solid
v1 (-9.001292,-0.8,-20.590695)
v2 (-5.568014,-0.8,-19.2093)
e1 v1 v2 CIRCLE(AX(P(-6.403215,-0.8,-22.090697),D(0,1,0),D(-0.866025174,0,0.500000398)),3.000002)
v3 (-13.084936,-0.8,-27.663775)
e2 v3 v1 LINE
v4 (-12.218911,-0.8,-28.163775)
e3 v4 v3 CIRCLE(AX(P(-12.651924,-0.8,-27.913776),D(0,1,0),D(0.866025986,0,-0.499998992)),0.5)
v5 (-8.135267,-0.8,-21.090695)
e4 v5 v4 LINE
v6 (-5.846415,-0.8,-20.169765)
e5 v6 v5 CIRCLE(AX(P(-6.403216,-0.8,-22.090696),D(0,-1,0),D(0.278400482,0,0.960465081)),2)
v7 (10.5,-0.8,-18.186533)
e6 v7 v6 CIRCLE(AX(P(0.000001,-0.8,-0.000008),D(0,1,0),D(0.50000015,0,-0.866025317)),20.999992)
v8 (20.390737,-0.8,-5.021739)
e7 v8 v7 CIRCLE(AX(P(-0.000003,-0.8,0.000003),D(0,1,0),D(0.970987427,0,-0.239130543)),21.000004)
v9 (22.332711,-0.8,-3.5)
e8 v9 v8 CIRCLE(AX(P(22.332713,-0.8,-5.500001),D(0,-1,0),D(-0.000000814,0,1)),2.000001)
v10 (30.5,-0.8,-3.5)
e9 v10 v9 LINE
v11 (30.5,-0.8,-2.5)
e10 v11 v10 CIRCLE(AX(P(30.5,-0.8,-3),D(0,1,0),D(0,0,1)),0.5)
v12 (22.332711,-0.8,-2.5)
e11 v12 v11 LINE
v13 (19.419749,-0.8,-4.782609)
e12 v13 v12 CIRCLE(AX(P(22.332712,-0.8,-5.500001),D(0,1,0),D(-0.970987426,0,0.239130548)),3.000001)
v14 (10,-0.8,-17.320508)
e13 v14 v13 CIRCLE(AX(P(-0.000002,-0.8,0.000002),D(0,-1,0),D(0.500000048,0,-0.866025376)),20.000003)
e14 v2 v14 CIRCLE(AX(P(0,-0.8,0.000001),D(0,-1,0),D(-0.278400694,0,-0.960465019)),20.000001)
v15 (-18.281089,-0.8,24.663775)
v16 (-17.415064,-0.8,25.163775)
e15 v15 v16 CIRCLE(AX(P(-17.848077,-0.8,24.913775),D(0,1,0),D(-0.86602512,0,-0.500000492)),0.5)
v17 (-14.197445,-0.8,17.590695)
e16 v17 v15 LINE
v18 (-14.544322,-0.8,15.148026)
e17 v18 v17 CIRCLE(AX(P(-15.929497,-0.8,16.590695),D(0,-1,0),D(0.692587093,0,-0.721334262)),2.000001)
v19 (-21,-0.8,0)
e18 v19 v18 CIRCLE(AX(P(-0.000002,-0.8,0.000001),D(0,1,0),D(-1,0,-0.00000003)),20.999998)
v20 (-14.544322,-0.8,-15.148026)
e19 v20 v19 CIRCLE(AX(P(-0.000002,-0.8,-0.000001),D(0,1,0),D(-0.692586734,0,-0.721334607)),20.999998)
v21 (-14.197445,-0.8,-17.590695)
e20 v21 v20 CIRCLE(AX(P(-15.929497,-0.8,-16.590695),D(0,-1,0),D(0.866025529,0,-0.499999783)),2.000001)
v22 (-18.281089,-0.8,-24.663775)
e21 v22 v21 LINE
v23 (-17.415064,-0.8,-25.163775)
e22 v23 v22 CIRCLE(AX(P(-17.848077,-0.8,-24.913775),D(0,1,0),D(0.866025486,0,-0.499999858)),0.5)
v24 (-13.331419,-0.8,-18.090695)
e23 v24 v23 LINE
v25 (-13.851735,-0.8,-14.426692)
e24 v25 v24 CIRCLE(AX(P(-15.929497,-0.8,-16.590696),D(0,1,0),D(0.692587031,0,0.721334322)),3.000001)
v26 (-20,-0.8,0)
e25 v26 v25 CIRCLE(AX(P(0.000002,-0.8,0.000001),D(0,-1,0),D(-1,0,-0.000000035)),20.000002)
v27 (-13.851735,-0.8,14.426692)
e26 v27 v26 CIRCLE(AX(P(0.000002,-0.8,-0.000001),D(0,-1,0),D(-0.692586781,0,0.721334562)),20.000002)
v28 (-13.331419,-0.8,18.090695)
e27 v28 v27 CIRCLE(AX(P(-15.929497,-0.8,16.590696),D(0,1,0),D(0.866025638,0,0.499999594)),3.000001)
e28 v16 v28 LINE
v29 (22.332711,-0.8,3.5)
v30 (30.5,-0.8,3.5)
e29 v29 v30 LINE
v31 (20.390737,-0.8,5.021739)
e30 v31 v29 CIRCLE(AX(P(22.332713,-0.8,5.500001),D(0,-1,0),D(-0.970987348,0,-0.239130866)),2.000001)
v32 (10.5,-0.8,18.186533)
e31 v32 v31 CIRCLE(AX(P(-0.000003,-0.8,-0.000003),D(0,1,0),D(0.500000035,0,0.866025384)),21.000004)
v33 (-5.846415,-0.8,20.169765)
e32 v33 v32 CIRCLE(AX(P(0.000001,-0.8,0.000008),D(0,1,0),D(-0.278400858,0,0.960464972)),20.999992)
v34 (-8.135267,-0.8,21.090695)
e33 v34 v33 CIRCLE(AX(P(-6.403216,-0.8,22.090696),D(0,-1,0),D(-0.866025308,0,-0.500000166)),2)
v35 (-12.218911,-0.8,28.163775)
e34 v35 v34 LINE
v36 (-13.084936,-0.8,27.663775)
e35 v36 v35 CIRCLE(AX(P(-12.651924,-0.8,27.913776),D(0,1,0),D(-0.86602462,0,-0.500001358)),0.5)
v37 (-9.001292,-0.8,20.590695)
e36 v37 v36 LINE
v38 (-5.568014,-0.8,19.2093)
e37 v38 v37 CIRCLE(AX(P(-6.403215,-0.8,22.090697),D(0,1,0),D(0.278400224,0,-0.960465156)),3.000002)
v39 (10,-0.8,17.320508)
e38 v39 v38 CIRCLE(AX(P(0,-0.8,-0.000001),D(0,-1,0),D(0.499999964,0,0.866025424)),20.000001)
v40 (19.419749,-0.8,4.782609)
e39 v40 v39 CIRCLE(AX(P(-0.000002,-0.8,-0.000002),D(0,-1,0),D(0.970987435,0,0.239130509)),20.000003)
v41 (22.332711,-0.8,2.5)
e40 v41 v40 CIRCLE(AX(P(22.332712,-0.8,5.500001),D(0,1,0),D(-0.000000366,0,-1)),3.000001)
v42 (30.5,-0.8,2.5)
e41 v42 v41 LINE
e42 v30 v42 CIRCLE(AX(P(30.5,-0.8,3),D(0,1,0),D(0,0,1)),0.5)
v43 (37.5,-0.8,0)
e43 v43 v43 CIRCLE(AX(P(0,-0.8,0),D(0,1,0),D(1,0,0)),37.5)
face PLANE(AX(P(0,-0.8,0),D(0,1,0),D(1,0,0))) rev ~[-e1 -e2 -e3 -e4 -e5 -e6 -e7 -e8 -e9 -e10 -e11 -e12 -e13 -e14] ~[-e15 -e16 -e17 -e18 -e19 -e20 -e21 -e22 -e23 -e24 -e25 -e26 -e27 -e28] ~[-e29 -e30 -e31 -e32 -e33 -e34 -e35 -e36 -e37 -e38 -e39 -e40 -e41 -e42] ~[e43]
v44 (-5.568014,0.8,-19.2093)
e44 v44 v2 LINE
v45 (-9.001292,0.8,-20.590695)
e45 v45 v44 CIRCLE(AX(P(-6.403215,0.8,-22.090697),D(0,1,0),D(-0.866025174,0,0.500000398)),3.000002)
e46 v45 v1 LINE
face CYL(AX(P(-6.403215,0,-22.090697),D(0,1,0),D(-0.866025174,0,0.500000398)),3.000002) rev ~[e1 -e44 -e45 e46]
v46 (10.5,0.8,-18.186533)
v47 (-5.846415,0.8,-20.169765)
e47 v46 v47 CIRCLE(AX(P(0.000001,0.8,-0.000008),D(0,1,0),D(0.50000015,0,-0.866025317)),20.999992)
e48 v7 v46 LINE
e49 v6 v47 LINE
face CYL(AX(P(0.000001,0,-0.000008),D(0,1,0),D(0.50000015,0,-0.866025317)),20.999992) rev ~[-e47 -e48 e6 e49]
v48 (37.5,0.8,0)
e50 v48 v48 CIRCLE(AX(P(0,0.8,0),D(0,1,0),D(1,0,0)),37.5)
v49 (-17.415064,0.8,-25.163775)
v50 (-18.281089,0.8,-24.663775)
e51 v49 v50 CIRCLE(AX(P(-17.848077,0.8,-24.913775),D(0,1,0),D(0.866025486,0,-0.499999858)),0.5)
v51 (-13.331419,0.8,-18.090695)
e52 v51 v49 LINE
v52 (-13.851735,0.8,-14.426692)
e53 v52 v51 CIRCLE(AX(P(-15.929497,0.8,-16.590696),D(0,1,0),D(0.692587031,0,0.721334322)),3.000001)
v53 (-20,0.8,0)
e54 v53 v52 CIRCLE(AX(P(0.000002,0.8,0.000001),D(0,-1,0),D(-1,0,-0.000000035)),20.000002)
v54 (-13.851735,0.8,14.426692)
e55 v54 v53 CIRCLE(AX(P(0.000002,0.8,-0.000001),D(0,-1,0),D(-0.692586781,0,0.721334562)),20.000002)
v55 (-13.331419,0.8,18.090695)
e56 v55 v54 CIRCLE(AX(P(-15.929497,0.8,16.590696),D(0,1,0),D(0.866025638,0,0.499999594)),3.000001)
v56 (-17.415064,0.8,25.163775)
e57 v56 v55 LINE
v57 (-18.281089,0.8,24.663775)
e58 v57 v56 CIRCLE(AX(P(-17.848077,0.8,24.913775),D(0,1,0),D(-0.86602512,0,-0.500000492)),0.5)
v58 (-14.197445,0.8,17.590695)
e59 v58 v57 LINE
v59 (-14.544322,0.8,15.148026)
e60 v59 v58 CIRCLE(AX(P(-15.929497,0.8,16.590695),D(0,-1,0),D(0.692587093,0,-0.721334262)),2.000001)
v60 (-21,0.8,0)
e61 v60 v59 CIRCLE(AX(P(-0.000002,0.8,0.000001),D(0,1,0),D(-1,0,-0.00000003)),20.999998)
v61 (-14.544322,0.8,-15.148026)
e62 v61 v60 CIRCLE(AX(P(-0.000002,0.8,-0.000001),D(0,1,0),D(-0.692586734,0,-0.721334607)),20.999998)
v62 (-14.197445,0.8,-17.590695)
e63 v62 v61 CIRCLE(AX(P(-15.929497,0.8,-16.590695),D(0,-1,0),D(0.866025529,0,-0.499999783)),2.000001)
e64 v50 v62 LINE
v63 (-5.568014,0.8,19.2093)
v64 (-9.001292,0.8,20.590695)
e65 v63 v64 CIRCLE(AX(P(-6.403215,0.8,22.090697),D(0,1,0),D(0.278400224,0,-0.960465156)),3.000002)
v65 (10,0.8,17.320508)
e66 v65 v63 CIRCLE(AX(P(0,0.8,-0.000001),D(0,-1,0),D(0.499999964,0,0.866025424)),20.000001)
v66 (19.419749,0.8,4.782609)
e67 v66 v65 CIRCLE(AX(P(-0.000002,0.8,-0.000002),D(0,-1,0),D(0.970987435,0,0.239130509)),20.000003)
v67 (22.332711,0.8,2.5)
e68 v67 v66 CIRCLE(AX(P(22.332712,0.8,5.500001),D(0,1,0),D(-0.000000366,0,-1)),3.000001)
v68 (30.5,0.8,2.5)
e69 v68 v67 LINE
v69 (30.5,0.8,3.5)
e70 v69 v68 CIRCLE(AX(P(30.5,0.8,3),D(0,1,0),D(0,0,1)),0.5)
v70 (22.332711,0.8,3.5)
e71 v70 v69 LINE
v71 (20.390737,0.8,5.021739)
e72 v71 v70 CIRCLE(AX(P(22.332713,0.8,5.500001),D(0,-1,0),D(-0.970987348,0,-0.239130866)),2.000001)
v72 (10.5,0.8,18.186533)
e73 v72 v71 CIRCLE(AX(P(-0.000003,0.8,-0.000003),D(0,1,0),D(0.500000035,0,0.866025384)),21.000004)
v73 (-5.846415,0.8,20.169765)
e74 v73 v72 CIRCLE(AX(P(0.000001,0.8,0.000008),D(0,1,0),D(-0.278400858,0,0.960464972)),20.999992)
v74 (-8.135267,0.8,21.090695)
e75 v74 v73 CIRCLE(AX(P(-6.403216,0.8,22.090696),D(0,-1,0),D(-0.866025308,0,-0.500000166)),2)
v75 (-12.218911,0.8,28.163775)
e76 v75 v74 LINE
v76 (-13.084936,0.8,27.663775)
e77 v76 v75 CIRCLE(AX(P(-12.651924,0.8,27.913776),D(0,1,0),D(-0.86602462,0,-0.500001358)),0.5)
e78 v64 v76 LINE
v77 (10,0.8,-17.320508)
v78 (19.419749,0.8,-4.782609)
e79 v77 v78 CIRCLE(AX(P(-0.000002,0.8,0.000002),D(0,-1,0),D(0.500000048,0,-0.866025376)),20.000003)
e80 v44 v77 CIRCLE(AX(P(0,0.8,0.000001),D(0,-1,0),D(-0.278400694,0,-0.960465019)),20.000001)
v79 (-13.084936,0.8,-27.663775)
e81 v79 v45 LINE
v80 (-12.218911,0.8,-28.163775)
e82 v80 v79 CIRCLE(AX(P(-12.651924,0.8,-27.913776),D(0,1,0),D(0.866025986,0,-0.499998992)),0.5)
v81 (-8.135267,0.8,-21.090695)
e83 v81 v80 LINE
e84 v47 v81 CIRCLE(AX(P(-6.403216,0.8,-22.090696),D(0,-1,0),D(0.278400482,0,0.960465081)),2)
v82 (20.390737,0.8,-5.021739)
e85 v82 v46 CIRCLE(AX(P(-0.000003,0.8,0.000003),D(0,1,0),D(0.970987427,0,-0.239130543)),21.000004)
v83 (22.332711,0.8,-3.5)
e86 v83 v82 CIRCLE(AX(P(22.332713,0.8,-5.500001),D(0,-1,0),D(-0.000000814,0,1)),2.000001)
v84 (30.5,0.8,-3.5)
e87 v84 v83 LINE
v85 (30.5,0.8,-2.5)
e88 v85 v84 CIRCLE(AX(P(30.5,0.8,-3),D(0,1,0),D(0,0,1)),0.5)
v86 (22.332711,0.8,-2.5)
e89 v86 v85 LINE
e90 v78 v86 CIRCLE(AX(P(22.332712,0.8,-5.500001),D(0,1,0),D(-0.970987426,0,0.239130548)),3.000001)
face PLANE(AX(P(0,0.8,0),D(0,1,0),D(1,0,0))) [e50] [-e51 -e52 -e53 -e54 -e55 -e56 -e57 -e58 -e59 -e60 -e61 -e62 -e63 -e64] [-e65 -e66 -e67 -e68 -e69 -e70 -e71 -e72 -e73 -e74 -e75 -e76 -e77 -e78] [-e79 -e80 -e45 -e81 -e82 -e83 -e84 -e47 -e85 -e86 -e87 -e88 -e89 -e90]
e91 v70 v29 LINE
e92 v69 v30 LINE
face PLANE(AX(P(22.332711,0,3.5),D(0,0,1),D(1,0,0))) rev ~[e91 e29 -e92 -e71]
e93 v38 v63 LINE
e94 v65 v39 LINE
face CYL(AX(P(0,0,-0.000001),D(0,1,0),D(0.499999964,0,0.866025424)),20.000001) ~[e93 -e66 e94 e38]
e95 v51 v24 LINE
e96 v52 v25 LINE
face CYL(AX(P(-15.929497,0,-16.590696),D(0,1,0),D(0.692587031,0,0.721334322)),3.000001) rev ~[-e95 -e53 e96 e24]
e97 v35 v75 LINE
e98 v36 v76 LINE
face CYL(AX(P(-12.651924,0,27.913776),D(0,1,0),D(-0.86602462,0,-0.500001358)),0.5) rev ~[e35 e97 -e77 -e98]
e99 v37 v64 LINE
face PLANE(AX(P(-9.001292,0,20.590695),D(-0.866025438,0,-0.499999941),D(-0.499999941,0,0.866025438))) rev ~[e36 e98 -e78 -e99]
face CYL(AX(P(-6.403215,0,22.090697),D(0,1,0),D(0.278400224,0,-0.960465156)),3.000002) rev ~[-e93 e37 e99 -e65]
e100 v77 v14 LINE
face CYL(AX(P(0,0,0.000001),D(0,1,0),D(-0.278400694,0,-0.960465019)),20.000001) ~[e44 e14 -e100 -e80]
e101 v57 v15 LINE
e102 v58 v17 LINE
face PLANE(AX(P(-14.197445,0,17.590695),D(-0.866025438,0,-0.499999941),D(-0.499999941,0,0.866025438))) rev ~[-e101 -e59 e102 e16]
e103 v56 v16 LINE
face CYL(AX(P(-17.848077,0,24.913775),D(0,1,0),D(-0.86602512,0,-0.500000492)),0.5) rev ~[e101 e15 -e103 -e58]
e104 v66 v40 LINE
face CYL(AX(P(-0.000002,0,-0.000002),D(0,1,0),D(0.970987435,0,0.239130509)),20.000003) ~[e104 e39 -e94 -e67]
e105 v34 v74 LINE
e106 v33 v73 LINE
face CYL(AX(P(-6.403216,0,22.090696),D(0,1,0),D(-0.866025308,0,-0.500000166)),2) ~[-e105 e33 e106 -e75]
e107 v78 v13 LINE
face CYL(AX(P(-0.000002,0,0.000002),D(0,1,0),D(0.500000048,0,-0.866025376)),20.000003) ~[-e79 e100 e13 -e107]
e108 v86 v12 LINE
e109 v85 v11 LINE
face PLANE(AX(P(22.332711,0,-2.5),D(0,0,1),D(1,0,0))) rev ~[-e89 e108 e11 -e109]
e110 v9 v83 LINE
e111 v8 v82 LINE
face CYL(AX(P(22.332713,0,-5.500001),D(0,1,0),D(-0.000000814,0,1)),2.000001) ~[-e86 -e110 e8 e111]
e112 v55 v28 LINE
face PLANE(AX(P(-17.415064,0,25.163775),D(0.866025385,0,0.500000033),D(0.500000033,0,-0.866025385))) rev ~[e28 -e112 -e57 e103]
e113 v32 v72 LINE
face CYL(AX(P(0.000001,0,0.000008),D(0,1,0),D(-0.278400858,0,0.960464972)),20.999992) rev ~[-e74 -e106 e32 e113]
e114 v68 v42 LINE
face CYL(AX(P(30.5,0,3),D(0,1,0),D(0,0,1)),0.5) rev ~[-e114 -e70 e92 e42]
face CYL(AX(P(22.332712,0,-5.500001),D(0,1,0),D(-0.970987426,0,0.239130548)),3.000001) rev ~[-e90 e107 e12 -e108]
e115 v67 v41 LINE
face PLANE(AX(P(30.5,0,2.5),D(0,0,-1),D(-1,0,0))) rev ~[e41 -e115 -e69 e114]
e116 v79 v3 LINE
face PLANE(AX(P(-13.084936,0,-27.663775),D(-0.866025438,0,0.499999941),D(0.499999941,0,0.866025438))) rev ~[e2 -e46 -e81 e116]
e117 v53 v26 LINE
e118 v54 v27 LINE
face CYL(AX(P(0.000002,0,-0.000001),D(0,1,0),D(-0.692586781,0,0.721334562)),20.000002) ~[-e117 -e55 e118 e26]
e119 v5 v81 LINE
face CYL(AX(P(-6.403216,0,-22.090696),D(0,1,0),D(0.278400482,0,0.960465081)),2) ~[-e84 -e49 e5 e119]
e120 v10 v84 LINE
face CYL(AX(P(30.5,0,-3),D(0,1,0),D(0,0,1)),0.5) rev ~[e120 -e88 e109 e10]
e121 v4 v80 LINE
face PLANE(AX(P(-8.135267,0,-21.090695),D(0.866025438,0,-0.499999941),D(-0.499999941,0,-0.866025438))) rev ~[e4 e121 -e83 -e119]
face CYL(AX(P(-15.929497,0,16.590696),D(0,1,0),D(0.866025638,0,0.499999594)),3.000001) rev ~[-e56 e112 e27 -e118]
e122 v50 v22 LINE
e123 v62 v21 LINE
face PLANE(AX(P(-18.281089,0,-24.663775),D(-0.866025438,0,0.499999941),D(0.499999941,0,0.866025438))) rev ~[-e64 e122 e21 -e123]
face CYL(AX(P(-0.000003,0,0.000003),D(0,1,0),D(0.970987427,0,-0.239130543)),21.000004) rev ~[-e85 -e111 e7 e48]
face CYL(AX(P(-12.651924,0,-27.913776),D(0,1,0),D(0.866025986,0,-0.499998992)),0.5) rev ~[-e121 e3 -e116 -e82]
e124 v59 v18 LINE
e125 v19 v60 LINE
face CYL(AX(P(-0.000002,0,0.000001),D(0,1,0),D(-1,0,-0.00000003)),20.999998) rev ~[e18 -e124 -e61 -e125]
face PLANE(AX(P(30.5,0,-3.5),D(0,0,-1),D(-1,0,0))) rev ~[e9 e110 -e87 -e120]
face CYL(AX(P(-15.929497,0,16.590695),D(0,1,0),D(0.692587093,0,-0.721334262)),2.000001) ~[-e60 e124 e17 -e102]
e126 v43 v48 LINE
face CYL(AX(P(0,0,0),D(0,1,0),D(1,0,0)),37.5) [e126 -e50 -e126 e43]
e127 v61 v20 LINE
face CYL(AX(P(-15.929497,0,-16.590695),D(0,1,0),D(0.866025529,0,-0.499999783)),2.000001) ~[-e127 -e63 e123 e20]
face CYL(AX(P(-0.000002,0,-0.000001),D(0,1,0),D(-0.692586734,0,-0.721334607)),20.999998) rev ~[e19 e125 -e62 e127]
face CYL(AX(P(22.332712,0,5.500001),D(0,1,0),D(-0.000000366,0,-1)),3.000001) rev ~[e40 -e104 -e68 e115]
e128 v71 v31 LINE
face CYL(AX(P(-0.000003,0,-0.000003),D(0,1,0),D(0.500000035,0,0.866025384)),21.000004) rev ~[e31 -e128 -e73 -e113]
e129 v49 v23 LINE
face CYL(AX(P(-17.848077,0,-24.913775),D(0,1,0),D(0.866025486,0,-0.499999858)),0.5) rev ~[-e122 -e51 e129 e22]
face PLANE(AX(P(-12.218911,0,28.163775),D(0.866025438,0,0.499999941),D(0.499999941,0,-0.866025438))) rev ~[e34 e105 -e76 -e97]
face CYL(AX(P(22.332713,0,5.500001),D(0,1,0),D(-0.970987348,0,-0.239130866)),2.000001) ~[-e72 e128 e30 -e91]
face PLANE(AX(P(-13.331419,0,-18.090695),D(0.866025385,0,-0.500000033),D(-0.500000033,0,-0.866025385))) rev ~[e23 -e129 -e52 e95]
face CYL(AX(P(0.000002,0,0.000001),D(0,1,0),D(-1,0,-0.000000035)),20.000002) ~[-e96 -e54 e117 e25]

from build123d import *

# Parameters (mm, degrees)
SKETCH1_R           = 37.5
BOSS_EXTRUDE1_DEPTH = 0.8


with BuildPart() as part:
    # Sketch1 → Boss-Extrude1 (new body, symmetric)
    with BuildSketch(Plane(origin=(0, 0, 0), x_dir=(1, 0, 0), z_dir=(0, 1, 0))):
        Circle(SKETCH1_R)
        with BuildLine():
            ThreePointArc((-12.218911, 28.163775), (-12.901924, 28.346788), (-13.084936, 27.663775))
            Line((-13.084936, 27.663775), (-9.001292, 20.590695))
            ThreePointArc((-9.001292, 20.590695), (-7.523035, 19.307531), (-5.568014, 19.2093))
            ThreePointArc((-5.568014, 19.2093), (2.40884, 19.854407), (10, 17.320508))
            ThreePointArc((10, 17.320508), (15.990001, 12.01332), (19.419749, 4.782609))
            ThreePointArc((19.419749, 4.782609), (20.48233, 3.138626), (22.332711, 2.5))
            Line((22.332711, 2.5), (30.5, 2.5))
            ThreePointArc((30.5, 2.5), (31, 3), (30.5, 3.5))
            Line((30.5, 3.5), (22.332711, 3.5))
            ThreePointArc((22.332711, 3.5), (21.099124, 3.925751), (20.390737, 5.021739))
            ThreePointArc((20.390737, 5.021739), (16.789501, 12.613986), (10.5, 18.186533))
            ThreePointArc((10.5, 18.186533), (2.529282, 20.847128), (-5.846415, 20.169765))
            ThreePointArc((-5.846415, 20.169765), (-7.149762, 20.235252), (-8.135267, 21.090695))
            Line((-8.135267, 21.090695), (-12.218911, 28.163775))
        make_face(mode=Mode.SUBTRACT)
        with BuildLine():
            ThreePointArc((10.5, -18.186533), (16.789501, -12.613986), (20.390737, -5.021739))
            ThreePointArc((20.390737, -5.021739), (21.099124, -3.925751), (22.332711, -3.5))
            Line((22.332711, -3.5), (30.5, -3.5))
            ThreePointArc((30.5, -3.5), (31, -3), (30.5, -2.5))
            Line((30.5, -2.5), (22.332711, -2.5))
            ThreePointArc((22.332711, -2.5), (20.48233, -3.138626), (19.419749, -4.782609))
            ThreePointArc((19.419749, -4.782609), (15.990001, -12.01332), (10, -17.320508))
            ThreePointArc((10, -17.320508), (2.40884, -19.854407), (-5.568014, -19.2093))
            ThreePointArc((-5.568014, -19.2093), (-7.523035, -19.307531), (-9.001292, -20.590695))
            Line((-9.001292, -20.590695), (-13.084936, -27.663775))
            ThreePointArc((-13.084936, -27.663775), (-12.901924, -28.346788), (-12.218911, -28.163775))
            Line((-12.218911, -28.163775), (-8.135267, -21.090695))
            ThreePointArc((-8.135267, -21.090695), (-7.149762, -20.235252), (-5.846415, -20.169765))
            ThreePointArc((-5.846415, -20.169765), (2.529282, -20.847128), (10.5, -18.186533))
        make_face(mode=Mode.SUBTRACT)
        with BuildLine():
            ThreePointArc((-21, 0), (-19.318783, -8.233142), (-14.544322, -15.148026))
            ThreePointArc((-14.544322, -15.148026), (-13.949362, -16.309502), (-14.197445, -17.590695))
            Line((-14.197445, -17.590695), (-18.281089, -24.663775))
            ThreePointArc((-18.281089, -24.663775), (-18.098076, -25.346788), (-17.415064, -25.163775))
            Line((-17.415064, -25.163775), (-13.331419, -18.090695))
            ThreePointArc((-13.331419, -18.090695), (-12.959295, -16.168905), (-13.851735, -14.426692))
            ThreePointArc((-13.851735, -14.426692), (-18.398841, -7.841087), (-20, 0))
            ThreePointArc((-20, 0), (-18.398841, 7.841087), (-13.851735, 14.426692))
            ThreePointArc((-13.851735, 14.426692), (-12.959295, 16.168905), (-13.331419, 18.090695))
            Line((-13.331419, 18.090695), (-17.415064, 25.163775))
            ThreePointArc((-17.415064, 25.163775), (-18.098076, 25.346788), (-18.281089, 24.663775))
            Line((-18.281089, 24.663775), (-14.197445, 17.590695))
            ThreePointArc((-14.197445, 17.590695), (-13.949362, 16.309502), (-14.544322, 15.148026))
            ThreePointArc((-14.544322, 15.148026), (-19.318783, 8.233142), (-21, 0))
        make_face(mode=Mode.SUBTRACT)
    extrude(amount=BOSS_EXTRUDE1_DEPTH, both=True)


solid = part.part
